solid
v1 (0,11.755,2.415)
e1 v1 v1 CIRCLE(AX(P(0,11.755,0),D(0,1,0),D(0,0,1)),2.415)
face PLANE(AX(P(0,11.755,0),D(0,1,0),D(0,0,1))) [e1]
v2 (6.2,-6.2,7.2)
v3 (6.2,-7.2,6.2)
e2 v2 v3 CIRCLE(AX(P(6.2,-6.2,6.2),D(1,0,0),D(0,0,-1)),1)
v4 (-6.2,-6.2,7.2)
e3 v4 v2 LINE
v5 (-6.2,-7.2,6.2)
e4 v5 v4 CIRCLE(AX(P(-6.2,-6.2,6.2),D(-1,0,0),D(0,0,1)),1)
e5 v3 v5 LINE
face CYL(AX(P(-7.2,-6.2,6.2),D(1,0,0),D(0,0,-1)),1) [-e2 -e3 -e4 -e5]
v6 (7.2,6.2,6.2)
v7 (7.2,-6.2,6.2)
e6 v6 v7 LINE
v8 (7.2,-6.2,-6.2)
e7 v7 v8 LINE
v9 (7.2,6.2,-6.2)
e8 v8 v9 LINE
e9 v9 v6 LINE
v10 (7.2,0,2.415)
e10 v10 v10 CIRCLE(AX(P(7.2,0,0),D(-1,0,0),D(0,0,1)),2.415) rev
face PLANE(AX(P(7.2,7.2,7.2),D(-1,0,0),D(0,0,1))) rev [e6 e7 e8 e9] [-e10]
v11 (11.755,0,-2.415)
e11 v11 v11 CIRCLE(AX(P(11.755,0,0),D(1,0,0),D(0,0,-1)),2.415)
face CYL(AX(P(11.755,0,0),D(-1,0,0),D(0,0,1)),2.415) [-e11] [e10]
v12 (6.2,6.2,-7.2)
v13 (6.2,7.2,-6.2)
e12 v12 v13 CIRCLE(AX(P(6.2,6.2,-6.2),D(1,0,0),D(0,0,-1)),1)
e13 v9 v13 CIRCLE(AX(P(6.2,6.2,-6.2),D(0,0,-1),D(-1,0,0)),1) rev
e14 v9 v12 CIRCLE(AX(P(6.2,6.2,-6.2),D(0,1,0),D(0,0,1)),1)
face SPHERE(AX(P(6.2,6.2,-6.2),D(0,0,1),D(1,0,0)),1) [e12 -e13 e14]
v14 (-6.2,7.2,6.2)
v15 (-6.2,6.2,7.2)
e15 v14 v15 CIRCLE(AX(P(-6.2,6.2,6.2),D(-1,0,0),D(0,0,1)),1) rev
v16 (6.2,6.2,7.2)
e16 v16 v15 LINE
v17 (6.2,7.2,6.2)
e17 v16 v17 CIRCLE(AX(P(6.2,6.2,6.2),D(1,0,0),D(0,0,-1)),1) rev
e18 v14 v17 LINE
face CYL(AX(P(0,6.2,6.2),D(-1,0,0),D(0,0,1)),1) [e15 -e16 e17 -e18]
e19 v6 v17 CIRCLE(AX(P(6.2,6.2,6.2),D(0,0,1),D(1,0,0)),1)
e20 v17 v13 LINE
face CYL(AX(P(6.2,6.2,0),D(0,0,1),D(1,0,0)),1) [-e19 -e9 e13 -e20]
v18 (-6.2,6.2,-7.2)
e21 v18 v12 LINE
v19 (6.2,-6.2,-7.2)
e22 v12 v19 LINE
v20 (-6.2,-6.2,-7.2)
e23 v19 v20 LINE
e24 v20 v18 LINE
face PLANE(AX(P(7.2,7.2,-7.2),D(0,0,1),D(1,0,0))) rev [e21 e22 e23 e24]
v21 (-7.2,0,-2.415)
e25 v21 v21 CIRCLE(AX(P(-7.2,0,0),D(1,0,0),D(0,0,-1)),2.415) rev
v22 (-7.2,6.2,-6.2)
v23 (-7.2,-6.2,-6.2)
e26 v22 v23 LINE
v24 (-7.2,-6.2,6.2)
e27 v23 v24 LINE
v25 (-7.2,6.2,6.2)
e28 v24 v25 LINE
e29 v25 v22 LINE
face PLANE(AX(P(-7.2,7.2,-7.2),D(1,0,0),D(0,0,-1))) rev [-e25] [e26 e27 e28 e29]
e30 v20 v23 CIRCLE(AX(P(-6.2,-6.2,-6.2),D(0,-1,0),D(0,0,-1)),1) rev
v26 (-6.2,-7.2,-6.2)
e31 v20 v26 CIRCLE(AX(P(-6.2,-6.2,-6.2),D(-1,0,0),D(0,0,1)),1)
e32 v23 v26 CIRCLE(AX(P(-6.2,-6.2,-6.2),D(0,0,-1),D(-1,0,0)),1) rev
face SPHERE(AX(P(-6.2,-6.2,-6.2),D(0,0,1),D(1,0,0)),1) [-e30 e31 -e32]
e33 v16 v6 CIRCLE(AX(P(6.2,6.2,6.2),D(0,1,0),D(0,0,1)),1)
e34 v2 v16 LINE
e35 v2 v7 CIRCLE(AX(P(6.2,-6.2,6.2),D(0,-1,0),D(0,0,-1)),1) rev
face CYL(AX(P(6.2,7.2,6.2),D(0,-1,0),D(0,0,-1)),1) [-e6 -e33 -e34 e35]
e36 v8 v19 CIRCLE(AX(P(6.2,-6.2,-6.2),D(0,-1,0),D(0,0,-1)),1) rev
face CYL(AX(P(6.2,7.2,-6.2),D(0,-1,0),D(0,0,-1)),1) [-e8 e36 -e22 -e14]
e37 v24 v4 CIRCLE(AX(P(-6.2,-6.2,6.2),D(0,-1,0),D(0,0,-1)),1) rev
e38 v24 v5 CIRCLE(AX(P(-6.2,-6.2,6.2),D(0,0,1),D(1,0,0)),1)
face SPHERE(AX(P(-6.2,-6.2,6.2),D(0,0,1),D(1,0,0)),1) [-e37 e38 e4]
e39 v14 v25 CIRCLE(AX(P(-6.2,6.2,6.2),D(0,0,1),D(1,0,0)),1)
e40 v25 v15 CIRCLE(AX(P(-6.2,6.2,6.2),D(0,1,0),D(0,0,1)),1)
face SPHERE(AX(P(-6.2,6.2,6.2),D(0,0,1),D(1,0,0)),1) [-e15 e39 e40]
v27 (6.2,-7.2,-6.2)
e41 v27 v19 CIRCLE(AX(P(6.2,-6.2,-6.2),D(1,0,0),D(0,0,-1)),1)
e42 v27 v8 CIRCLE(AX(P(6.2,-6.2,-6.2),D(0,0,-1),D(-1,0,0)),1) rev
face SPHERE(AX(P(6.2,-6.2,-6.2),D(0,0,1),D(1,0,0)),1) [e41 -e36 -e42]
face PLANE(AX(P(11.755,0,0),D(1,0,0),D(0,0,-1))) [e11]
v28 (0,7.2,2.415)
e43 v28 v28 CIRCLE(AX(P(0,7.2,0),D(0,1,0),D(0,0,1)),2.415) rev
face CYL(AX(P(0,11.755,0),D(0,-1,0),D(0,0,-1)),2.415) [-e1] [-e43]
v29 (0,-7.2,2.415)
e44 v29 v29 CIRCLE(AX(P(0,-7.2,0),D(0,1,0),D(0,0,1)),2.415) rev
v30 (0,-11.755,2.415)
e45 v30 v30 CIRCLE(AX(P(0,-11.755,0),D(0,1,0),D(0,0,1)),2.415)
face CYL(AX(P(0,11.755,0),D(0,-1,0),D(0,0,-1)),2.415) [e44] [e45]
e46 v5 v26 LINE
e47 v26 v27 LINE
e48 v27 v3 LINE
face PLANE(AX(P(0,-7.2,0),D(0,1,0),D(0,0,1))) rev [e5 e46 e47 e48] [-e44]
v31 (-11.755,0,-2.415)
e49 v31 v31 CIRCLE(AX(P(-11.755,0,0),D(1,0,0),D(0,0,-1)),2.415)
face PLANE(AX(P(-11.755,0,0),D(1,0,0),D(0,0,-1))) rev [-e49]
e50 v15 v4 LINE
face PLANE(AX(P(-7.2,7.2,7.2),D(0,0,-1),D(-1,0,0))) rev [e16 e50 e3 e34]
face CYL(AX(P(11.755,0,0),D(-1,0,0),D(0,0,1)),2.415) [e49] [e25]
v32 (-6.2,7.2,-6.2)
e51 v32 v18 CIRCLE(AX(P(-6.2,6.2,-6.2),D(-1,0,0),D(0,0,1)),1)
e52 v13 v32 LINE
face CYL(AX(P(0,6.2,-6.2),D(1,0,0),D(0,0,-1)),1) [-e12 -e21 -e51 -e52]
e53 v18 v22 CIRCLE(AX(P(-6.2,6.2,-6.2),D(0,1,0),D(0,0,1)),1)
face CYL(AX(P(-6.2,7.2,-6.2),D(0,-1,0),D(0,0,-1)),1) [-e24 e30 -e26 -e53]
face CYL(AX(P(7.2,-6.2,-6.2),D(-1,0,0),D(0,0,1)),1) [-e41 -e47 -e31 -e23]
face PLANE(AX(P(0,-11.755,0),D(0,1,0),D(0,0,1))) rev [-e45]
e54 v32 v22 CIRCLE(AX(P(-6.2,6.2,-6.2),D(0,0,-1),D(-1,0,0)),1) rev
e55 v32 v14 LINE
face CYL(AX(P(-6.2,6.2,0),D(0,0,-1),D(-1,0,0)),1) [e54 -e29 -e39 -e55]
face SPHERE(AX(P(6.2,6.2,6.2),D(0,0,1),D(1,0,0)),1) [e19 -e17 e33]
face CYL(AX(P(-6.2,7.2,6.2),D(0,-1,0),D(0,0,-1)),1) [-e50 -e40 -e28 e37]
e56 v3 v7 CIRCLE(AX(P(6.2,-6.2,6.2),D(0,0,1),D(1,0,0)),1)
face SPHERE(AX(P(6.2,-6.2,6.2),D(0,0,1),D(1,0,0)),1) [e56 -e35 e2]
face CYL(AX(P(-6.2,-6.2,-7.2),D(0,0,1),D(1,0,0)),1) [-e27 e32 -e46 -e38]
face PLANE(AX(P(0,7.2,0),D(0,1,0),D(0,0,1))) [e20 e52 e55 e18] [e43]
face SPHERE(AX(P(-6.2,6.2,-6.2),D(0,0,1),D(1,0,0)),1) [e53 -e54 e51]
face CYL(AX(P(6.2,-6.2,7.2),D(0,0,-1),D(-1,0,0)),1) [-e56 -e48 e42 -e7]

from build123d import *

# Parameters (mm, degrees)
SKETCH1_W           = 14.4
SKETCH1_H           = 14.4
BOSS_EXTRUDE1_DEPTH = 7.2
SKETCH2_R           = 2.415
BOSS_EXTRUDE2_DEPTH = 11.755
SKETCH3_R           = 2.415
BOSS_EXTRUDE3_DEPTH = 11.755
FILLET2_R           = 1


with BuildPart() as part:
    # Sketch1 → Boss-Extrude1 (new body, symmetric)
    with BuildSketch(Plane(origin=(0, 0, 0), x_dir=(1, 0, 0), z_dir=(0, 1, 0))):
        Rectangle(SKETCH1_W, SKETCH1_H)
    extrude(amount=BOSS_EXTRUDE1_DEPTH, both=True)

    # Sketch2 → Boss-Extrude2 (add, symmetric)
    with BuildSketch(Plane(origin=(0, 0, 0), x_dir=(0, 0, -1), z_dir=(1, 0, 0))):
        Circle(SKETCH2_R)
    extrude(amount=BOSS_EXTRUDE2_DEPTH, both=True)

    # Sketch3 → Boss-Extrude3 (add, symmetric)
    with BuildSketch(Plane(origin=(0, 0, 0), x_dir=(1, 0, 0), z_dir=(0, 1, 0))):
        Circle(SKETCH3_R)
    extrude(amount=BOSS_EXTRUDE3_DEPTH, both=True)

    # Fillet2
    fillet2_edges = [part.edges().sort_by_distance(p)[0] for p in [
        (-7.2, 7.2, 0),
        (0, 7.2, 7.2),
        (7.2, 7.2, 0),
        (0, -7.2, 7.2),
        (-7.2, -7.2, 0),
        (0, -7.2, -7.2),
        (7.2, -7.2, 0),
        (0, 7.2, -7.2),
        (7.2, 0, 7.2),
        (-7.2, 0, 7.2),
        (-7.2, 0, -7.2),
        (7.2, 0, -7.2),
    ]]
    fillet(fillet2_edges, radius=FILLET2_R)


solid = part.part
